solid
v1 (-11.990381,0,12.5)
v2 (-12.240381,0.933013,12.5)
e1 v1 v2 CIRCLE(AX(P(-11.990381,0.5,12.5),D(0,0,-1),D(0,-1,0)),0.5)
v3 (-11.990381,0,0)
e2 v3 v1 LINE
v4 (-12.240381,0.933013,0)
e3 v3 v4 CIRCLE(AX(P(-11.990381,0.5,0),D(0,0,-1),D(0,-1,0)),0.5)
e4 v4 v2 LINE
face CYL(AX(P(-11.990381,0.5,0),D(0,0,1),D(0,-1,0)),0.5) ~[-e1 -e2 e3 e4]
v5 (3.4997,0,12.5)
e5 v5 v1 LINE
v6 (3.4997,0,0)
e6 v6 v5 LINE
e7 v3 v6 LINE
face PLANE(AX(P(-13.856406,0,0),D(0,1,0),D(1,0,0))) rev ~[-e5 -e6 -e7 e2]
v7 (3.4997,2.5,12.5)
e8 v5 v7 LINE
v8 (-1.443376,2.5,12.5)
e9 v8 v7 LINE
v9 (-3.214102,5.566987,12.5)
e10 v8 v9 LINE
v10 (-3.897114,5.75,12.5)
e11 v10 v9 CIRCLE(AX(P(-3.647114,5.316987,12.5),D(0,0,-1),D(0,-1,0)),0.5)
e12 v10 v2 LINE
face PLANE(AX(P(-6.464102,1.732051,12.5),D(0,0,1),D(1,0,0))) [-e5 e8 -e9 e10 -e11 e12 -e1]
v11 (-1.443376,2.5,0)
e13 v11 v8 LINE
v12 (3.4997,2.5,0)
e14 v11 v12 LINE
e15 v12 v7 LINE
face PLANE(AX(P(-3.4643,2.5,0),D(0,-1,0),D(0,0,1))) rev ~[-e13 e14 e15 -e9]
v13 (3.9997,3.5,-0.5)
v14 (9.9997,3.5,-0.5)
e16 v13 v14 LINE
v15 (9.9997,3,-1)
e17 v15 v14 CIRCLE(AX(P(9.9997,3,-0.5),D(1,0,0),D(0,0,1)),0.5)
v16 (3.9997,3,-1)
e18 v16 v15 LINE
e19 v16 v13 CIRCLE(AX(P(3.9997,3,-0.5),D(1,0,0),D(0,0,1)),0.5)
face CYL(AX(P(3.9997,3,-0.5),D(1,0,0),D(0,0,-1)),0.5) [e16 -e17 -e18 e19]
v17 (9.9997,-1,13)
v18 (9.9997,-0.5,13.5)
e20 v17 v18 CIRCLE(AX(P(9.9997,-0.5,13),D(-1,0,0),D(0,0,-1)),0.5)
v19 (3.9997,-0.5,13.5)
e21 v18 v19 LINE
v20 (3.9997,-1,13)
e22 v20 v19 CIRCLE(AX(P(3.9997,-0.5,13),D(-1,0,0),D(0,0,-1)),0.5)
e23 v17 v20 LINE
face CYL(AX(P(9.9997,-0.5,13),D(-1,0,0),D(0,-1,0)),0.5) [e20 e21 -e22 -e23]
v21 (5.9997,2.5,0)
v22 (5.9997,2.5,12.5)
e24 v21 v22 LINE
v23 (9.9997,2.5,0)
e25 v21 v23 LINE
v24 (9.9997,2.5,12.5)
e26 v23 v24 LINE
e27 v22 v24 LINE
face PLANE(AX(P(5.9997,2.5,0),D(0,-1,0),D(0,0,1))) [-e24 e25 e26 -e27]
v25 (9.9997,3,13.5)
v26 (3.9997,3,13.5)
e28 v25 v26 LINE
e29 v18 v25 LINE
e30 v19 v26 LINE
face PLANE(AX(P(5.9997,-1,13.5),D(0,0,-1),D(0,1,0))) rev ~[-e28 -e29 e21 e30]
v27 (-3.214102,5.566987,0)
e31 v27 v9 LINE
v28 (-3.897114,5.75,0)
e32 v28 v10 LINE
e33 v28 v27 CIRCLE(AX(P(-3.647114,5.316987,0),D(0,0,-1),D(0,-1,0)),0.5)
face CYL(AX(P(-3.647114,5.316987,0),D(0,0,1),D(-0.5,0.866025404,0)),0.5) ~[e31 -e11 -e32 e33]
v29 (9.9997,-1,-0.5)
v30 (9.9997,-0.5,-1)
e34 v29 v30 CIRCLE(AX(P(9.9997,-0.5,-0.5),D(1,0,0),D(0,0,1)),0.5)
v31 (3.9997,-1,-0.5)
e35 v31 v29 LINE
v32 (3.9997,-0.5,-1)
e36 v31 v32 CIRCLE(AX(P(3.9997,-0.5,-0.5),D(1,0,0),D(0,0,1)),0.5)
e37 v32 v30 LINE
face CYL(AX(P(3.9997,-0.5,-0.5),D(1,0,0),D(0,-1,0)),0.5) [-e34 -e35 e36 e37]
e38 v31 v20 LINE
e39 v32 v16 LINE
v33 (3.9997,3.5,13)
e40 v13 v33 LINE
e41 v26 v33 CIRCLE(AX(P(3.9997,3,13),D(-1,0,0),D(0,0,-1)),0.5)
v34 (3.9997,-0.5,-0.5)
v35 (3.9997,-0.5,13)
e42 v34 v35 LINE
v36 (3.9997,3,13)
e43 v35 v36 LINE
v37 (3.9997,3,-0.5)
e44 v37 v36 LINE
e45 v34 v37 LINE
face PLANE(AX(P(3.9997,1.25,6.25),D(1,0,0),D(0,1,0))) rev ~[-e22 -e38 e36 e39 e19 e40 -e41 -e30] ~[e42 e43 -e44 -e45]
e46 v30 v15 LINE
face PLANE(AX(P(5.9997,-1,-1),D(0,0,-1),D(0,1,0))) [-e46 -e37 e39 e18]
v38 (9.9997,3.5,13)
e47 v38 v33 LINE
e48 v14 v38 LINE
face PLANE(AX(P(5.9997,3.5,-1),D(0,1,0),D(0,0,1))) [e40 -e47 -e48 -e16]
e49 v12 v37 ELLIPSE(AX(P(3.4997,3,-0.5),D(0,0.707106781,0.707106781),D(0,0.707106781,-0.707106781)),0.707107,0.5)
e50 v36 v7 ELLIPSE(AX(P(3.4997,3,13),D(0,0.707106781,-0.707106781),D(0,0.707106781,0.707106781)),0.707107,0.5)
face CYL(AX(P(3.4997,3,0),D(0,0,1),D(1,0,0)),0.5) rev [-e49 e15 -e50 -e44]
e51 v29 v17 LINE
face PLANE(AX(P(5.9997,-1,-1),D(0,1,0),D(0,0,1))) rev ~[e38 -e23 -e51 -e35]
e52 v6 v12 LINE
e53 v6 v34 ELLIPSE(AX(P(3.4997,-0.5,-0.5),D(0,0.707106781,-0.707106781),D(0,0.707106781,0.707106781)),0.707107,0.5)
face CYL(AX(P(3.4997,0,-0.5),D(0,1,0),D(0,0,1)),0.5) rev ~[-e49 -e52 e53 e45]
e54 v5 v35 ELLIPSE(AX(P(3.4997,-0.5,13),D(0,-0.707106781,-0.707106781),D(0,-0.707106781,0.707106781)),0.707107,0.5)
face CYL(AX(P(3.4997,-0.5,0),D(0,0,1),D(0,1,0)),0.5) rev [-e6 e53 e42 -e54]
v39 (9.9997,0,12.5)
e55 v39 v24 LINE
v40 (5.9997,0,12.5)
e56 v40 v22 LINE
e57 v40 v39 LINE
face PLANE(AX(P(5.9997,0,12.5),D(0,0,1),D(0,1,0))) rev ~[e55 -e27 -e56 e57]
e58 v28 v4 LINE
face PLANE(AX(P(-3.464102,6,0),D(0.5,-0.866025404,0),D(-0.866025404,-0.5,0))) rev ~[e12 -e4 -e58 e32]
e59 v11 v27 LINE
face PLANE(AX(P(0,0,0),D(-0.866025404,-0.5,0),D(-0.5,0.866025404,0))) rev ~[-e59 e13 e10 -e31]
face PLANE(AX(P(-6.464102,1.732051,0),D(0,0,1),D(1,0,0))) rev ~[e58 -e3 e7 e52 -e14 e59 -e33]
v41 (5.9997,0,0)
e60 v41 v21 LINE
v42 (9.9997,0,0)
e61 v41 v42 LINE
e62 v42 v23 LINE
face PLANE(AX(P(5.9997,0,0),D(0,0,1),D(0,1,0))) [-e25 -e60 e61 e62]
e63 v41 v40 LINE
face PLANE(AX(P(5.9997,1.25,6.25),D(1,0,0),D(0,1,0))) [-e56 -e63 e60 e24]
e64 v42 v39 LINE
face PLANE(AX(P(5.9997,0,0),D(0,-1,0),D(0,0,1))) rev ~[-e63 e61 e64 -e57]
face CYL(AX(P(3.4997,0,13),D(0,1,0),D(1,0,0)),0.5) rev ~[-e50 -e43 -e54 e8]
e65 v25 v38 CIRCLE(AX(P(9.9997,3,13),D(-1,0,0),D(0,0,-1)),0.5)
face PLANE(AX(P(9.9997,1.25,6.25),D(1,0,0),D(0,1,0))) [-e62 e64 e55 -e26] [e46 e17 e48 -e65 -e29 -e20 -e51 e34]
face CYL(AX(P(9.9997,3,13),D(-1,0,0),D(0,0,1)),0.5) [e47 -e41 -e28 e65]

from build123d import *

# Parameters (mm, degrees)
F1_DEPTH      = 12.5
F3_W          = 2.5
F3_H          = 12.5
F4_DEPTH      = 9.464
F5_W          = 4.5
F5_H          = 14.5
F5_W_2        = 2.5
F5_H_2        = 12.5
F6_DEPTH      = 4
F6_DEPTH_BACK = 2
F7_R          = 0.5
F8_R          = 0.5


with BuildPart() as f1:
    # F0 (on Top) → F1 (new body)
    with BuildSketch(Plane.XY):
        Polygon((-13.8564064606, 0), (0, 0), (-3.4641016151, 6), align=None)
    extrude(amount=F1_DEPTH)

    # F3 (on offset) → F4 (join)
    with BuildSketch(Plane.YZ.offset(-3.4643)):
        with Locations((1.25, 6.25)):
            Rectangle(F3_W, F3_H)
    extrude(amount=F4_DEPTH)

    # F5 (on face) → F6 (join, two sides)
    with BuildSketch(Plane.YZ.offset(5.9997)) as f6_sk:
        with Locations((1.25, 6.25)):
            Rectangle(F5_W, F5_H)
        with Locations((1.25, 6.25)):
            Rectangle(F5_W_2, F5_H_2, mode=Mode.SUBTRACT)
    extrude(amount=F6_DEPTH)
    extrude(f6_sk.sketch, amount=-F6_DEPTH_BACK)

    # F7
    f7_edges = [f1.edges().sort_by_distance(p)[0] for p in [
        (-13.856406, 0, 6.25),
        (-3.464102, 6, 6.25),
    ]]
    fillet(f7_edges, radius=F7_R)

    # F8
    f8_edges = [f1.edges().sort_by_distance(p)[0] for p in [
        (3.9997, 1.25, 0),
        (3.9997, 0, 6.25),
        (3.9997, 2.5, 6.25),
        (3.9997, 1.25, 12.5),
        (6.9997, -1, 13.5),
        (6.9997, 3.5, 13.5),
        (6.9997, 3.5, -1),
        (6.9997, -1, -1),
    ]]
    fillet(f8_edges, radius=F8_R)


solid = f1.part
